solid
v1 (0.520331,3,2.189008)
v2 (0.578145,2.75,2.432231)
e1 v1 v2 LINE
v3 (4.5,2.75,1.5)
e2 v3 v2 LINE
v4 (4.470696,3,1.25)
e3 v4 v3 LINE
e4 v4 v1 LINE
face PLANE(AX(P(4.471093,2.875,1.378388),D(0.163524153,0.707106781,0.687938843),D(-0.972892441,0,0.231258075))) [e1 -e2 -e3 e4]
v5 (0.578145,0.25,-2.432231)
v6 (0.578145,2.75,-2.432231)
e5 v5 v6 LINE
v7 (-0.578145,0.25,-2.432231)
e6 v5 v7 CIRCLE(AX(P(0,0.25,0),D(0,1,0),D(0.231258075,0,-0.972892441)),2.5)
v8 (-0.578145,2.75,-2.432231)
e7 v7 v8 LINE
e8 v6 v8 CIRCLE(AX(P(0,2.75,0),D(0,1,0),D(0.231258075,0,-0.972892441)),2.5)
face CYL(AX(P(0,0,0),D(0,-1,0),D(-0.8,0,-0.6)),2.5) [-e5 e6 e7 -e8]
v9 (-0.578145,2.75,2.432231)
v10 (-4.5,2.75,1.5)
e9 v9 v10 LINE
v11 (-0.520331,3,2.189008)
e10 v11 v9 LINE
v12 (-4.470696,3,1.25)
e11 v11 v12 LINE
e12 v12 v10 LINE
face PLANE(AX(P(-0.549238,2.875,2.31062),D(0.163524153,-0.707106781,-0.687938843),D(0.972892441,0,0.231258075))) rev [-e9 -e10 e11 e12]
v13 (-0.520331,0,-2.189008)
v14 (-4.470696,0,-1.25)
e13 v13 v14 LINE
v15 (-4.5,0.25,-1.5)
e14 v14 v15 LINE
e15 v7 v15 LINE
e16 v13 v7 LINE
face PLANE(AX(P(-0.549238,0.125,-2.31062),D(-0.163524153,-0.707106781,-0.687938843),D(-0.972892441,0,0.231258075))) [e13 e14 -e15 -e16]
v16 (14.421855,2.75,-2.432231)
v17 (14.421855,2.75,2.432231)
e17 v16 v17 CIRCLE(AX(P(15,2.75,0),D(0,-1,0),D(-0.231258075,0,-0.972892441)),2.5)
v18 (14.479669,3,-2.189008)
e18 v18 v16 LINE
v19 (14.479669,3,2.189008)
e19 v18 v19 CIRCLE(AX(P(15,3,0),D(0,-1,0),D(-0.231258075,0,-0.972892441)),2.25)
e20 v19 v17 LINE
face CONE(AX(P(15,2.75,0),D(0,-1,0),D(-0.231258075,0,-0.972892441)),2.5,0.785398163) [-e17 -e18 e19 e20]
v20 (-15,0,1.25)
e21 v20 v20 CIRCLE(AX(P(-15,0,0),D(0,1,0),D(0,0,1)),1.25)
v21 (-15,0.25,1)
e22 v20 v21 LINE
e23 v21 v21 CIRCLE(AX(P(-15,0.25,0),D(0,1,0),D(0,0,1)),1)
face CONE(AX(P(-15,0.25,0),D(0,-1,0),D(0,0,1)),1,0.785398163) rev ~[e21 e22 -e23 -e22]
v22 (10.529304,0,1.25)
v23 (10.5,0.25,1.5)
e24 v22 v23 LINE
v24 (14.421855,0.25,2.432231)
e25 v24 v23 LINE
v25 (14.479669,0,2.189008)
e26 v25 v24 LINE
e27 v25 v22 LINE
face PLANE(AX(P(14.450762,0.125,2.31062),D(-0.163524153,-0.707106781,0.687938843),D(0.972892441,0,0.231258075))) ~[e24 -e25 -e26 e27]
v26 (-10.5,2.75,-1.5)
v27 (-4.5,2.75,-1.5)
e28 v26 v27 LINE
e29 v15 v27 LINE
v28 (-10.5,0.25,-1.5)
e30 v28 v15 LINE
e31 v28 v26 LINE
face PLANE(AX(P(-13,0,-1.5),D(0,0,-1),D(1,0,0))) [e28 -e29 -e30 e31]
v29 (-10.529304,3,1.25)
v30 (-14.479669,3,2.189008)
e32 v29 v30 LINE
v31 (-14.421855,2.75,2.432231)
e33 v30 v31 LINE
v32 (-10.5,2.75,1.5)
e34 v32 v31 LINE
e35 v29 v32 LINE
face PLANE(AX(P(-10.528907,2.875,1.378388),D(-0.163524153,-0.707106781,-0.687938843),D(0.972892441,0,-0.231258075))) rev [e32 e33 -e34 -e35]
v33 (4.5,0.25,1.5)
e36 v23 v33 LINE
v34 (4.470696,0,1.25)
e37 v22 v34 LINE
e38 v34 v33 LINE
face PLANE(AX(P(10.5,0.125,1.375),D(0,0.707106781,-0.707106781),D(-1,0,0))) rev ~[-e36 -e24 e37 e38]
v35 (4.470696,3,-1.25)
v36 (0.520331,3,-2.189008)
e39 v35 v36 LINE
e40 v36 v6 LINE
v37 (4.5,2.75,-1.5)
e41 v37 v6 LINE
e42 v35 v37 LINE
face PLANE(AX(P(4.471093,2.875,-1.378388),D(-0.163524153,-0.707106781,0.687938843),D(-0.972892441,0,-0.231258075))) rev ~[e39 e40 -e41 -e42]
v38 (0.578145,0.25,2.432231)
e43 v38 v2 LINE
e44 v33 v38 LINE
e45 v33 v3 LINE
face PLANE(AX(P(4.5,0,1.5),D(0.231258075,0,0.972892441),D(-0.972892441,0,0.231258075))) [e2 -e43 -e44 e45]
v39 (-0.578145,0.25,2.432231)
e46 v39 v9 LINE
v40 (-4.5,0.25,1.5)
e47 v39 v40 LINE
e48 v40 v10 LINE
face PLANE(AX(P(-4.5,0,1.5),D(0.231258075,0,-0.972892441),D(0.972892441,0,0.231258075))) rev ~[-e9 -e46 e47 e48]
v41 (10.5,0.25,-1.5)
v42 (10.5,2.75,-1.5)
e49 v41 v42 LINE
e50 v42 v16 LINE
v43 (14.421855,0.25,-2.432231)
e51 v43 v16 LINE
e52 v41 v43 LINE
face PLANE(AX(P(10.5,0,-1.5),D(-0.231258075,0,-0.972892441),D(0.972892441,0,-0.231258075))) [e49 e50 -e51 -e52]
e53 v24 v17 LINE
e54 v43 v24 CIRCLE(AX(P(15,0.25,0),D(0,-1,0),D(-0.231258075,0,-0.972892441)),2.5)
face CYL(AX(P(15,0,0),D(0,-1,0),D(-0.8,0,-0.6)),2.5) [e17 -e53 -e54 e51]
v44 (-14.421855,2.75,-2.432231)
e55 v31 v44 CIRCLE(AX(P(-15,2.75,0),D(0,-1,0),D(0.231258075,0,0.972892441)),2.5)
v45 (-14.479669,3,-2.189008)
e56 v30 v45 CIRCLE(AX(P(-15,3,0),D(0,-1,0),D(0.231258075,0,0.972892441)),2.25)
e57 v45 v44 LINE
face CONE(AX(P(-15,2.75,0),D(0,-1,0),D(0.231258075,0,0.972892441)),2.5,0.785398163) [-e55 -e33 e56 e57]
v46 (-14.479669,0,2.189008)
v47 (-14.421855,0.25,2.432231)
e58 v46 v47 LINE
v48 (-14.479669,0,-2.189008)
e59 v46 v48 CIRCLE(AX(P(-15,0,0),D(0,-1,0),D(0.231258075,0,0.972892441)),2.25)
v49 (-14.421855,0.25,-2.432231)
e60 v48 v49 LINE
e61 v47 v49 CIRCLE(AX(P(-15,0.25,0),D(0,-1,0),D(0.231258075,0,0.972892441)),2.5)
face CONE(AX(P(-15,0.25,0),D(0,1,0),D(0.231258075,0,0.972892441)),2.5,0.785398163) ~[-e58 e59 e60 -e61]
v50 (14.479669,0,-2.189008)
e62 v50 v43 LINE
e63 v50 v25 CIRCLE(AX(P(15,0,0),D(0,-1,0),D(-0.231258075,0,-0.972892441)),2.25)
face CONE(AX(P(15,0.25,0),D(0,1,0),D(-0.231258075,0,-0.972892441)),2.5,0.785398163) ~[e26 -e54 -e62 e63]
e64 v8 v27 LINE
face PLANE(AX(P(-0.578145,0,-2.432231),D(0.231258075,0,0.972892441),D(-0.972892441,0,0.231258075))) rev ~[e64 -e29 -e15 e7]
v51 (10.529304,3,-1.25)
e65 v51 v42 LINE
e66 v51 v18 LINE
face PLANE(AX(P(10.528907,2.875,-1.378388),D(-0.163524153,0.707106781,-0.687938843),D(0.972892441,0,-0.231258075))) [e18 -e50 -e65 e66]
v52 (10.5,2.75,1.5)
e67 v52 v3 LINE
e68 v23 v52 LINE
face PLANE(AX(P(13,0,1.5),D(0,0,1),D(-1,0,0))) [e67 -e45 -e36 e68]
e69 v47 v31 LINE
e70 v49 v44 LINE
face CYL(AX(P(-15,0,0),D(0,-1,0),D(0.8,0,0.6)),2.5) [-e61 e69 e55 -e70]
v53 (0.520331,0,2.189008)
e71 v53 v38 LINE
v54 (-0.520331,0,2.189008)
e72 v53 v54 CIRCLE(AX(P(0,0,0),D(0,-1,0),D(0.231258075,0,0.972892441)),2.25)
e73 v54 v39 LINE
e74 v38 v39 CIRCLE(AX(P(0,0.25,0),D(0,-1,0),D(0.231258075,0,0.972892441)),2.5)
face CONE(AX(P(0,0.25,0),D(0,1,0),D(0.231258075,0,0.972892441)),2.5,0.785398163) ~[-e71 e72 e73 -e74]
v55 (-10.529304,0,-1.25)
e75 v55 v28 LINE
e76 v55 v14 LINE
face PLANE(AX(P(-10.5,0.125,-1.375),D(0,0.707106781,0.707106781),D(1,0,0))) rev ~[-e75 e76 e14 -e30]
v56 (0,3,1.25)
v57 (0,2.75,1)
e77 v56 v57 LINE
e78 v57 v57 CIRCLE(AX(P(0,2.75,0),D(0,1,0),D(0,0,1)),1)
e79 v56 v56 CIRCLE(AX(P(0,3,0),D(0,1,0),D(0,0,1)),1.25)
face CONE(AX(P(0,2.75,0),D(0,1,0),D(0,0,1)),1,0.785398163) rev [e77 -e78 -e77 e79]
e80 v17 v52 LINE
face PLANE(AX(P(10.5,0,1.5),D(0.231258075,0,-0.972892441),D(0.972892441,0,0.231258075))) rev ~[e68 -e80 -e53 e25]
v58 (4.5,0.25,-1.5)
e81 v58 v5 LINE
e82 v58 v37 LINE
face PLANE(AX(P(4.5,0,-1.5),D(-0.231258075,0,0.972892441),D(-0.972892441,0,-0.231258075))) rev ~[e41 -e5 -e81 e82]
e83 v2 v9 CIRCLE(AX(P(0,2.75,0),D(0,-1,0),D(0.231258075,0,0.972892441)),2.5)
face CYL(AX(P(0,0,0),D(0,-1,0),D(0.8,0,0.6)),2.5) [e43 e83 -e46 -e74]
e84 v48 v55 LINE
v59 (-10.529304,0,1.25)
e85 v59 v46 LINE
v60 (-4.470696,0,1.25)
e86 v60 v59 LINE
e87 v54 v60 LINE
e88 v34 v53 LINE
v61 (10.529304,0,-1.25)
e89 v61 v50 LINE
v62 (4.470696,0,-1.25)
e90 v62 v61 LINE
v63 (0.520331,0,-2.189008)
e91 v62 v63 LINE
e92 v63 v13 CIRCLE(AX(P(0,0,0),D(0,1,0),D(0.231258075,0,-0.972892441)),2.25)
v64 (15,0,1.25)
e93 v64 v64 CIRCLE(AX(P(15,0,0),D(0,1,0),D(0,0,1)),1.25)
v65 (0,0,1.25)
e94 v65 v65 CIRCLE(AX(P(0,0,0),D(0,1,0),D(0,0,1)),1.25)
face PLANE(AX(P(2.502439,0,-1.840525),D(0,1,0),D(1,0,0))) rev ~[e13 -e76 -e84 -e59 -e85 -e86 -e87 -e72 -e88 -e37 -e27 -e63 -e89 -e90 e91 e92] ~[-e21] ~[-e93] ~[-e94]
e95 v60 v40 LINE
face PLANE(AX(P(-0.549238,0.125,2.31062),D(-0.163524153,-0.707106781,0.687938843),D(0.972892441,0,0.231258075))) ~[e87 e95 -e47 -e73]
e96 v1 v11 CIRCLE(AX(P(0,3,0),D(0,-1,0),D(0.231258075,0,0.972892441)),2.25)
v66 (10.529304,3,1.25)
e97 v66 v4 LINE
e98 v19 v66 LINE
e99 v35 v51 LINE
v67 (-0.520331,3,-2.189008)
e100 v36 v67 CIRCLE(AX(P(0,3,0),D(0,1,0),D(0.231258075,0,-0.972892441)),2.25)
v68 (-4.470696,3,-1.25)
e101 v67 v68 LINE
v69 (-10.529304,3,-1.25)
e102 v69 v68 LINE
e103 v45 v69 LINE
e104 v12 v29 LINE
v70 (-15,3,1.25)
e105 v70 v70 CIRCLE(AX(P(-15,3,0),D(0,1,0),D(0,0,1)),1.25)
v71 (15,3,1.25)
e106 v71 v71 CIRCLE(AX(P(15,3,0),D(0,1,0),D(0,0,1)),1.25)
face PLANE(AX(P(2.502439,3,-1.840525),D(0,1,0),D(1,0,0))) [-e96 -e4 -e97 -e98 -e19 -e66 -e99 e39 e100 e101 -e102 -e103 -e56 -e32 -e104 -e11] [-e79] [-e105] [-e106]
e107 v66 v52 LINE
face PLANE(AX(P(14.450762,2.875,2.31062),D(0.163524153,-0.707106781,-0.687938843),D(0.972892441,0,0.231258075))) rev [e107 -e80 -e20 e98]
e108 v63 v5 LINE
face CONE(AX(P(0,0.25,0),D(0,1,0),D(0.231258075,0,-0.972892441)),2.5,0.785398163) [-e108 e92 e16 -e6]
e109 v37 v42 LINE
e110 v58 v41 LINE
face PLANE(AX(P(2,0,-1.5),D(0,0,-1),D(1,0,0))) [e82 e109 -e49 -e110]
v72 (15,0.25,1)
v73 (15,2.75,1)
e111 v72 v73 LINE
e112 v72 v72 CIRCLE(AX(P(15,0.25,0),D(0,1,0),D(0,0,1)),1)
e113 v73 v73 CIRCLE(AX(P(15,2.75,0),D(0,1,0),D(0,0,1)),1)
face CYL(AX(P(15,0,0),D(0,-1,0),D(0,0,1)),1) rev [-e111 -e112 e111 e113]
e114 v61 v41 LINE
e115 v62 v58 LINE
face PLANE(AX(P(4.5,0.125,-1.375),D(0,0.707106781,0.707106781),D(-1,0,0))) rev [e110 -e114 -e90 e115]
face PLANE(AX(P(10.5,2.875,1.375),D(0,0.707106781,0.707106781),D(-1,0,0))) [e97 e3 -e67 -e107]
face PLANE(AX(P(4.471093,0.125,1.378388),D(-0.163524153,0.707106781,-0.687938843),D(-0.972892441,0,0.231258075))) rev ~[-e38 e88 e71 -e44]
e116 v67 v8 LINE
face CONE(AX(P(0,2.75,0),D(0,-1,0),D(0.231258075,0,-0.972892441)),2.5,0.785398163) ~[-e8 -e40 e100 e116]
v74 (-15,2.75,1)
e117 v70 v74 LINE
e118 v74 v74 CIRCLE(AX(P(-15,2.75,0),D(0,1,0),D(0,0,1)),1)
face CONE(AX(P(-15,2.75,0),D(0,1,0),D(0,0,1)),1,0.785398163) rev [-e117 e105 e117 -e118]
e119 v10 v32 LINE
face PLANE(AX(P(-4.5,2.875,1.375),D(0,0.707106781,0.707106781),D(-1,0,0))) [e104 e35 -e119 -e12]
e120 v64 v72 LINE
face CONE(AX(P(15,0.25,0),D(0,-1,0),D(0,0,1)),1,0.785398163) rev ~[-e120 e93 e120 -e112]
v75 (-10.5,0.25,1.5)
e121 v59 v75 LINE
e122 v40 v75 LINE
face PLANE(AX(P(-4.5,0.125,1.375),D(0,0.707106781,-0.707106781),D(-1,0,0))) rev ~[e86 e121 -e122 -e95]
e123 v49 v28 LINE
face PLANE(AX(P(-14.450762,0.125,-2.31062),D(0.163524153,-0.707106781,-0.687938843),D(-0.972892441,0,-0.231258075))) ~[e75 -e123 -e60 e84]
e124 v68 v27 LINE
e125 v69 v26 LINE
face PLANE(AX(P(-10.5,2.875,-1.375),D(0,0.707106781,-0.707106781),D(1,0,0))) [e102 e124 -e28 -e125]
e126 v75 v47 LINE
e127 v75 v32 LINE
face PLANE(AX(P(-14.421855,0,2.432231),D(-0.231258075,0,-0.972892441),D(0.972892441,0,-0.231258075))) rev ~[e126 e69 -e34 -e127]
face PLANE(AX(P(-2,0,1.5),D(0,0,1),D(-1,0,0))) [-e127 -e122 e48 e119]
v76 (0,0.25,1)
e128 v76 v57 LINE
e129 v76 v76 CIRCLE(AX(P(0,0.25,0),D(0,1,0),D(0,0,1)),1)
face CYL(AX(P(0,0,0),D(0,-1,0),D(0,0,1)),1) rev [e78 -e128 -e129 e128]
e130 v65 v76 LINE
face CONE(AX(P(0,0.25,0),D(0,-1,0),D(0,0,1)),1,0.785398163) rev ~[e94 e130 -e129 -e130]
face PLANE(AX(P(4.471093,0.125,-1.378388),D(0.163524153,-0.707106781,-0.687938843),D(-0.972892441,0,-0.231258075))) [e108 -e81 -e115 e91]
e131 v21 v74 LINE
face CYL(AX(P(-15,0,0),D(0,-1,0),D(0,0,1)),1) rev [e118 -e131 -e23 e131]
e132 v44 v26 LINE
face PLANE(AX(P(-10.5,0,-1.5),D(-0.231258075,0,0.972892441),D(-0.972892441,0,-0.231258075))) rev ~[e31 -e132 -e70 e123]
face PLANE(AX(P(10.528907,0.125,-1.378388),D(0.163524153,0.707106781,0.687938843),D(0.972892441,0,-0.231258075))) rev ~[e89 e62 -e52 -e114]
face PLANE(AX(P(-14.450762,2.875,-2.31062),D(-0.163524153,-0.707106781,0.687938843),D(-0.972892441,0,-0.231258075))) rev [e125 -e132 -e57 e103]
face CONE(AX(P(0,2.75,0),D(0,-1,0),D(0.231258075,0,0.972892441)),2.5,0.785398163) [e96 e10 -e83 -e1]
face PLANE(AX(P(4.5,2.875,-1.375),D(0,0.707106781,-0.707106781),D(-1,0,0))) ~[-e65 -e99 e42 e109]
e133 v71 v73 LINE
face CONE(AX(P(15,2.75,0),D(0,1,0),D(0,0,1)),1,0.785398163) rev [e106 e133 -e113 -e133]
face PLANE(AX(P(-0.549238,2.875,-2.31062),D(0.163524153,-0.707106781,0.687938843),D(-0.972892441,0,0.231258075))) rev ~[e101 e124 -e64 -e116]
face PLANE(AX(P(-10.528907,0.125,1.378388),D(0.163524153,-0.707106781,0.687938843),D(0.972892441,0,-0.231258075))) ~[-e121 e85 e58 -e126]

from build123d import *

# Parameters (mm, degrees)
SKETCH_1_R      = 1
EXTRUDE_1_DEPTH = 3
EXTRUDE_2_DEPTH = 3
CHAMFER_1_SIZE  = 0.25


with BuildPart() as part:
    # 草图1 → 凸台-拉伸1 (new body)
    with BuildSketch(Plane(origin=(0, 0, 0), x_dir=(1, 0, 0), z_dir=(0, 1, 0))):
        with BuildLine():
            Line((-13, 1.5), (-2, 1.5))
            ThreePointArc((-2, 1.5), (0, 2.5), (2, 1.5))
            Line((2, 1.5), (13, 1.5))
            ThreePointArc((13, 1.5), (17.5, 0), (13, -1.5))
            Line((13, -1.5), (2, -1.5))
            ThreePointArc((2, -1.5), (0, -2.5), (-2, -1.5))
            Line((-2, -1.5), (-13, -1.5))
            ThreePointArc((-13, -1.5), (-17.5, 0), (-13, 1.5))
        make_face()
        with Locations(Location((-15, 0, 0), (0, 0, 270))):
            Circle(SKETCH_1_R, mode=Mode.SUBTRACT)
        with Locations(Location((0, 0, 0), (0, 0, 270))):
            Circle(SKETCH_1_R, mode=Mode.SUBTRACT)
        with Locations(Location((15, 0, 0), (0, 0, 270))):
            Circle(SKETCH_1_R, mode=Mode.SUBTRACT)
    extrude(amount=EXTRUDE_1_DEPTH)

    # 草图2 → 凸台-拉伸2 (add)
    with BuildSketch(Plane(origin=(0, 0, 0), x_dir=(1, 0, 0), z_dir=(0, 1, 0))):
        with BuildLine():
            Line((4.5, 1.5), (0.578145188, 2.432231104))
            ThreePointArc((0.578145188, 2.432231104), (1.370755945, 2.090700395), (2, 1.5))
            Line((2, 1.5), (4.5, 1.5))
        make_face()
        with BuildLine():
            Line((4.5, -1.5), (0.578145188, -2.432231104))
            ThreePointArc((0.578145188, -2.432231104), (1.370755945, -2.090700395), (2, -1.5))
            Line((2, -1.5), (4.5, -1.5))
        make_face()
        with BuildLine():
            Line((10.5, 1.5), (14.421854812, 2.432231104))
            ThreePointArc((14.421854812, 2.432231104), (13.629244055, 2.090700395), (13, 1.5))
            Line((13, 1.5), (10.5, 1.5))
        make_face()
        with BuildLine():
            Line((10.5, -1.5), (14.421854812, -2.432231104))
            ThreePointArc((14.421854812, -2.432231104), (13.629244055, -2.090700395), (13, -1.5))
            Line((13, -1.5), (10.5, -1.5))
        make_face()
        with BuildLine():
            Line((-4.5, 1.5), (-2, 1.5))
            ThreePointArc((-2, 1.5), (-1.370755945, 2.090700395), (-0.578145188, 2.432231104))
            Line((-0.578145188, 2.432231104), (-4.5, 1.5))
        make_face()
        with BuildLine():
            Line((-10.5, -1.5), (-13, -1.5))
            ThreePointArc((-13, -1.5), (-13.629244055, -2.090700395), (-14.421854812, -2.432231104))
            Line((-14.421854812, -2.432231104), (-10.5, -1.5))
        make_face()
        with BuildLine():
            Line((-13, 1.5), (-10.5, 1.5))
            Line((-10.5, 1.5), (-14.421854812, 2.432231104))
            ThreePointArc((-14.421854812, 2.432231104), (-13.629244055, 2.090700395), (-13, 1.5))
        make_face()
        with BuildLine():
            Line((-2, -1.5), (-4.5, -1.5))
            Line((-4.5, -1.5), (-0.578145188, -2.432231104))
            ThreePointArc((-0.578145188, -2.432231104), (-1.370755945, -2.090700395), (-2, -1.5))
        make_face()
    extrude(amount=EXTRUDE_2_DEPTH)

    # 倒角1
    chamfer_1_edges = [part.edges().sort_by_distance(p)[0] for p in [
        (-7.5, 0, -1.5),
        (-7.5, 3, -1.5),
        (-2.539072594, 0, -1.966115552),
        (-2.539072594, 3, -1.966115552),
        (-15, 0, -1),
        (-15, 3, -1),
        (0, 0, -1),
        (0, 3, -1),
        (15, 0, -1),
        (15, 3, -1),
        (0, 0, -2.5),
        (0, 3, -2.5),
        (2.539072594, 0, -1.966115552),
        (2.539072594, 3, -1.966115552),
        (-17.5, 0, 0),
        (-17.5, 3, 0),
        (-12.460927406, 0, -1.966115552),
        (-12.460927406, 3, -1.966115552),
        (-7.5, 0, 1.5),
        (-7.5, 3, 1.5),
        (-12.460927406, 0, 1.966115552),
        (-12.460927406, 3, 1.966115552),
        (0, 0, 2.5),
        (0, 3, 2.5),
        (-2.539072594, 0, 1.966115552),
        (-2.539072594, 3, 1.966115552),
        (7.5, 0, 1.5),
        (7.5, 3, 1.5),
        (2.539072594, 0, 1.966115552),
        (2.539072594, 3, 1.966115552),
        (17.5, 0, 0),
        (17.5, 3, 0),
        (12.460927406, 0, 1.966115552),
        (12.460927406, 3, 1.966115552),
        (7.5, 0, -1.5),
        (7.5, 3, -1.5),
        (12.460927406, 0, -1.966115552),
        (12.460927406, 3, -1.966115552),
    ]]
    chamfer(chamfer_1_edges, length=CHAMFER_1_SIZE)


solid = part.part
